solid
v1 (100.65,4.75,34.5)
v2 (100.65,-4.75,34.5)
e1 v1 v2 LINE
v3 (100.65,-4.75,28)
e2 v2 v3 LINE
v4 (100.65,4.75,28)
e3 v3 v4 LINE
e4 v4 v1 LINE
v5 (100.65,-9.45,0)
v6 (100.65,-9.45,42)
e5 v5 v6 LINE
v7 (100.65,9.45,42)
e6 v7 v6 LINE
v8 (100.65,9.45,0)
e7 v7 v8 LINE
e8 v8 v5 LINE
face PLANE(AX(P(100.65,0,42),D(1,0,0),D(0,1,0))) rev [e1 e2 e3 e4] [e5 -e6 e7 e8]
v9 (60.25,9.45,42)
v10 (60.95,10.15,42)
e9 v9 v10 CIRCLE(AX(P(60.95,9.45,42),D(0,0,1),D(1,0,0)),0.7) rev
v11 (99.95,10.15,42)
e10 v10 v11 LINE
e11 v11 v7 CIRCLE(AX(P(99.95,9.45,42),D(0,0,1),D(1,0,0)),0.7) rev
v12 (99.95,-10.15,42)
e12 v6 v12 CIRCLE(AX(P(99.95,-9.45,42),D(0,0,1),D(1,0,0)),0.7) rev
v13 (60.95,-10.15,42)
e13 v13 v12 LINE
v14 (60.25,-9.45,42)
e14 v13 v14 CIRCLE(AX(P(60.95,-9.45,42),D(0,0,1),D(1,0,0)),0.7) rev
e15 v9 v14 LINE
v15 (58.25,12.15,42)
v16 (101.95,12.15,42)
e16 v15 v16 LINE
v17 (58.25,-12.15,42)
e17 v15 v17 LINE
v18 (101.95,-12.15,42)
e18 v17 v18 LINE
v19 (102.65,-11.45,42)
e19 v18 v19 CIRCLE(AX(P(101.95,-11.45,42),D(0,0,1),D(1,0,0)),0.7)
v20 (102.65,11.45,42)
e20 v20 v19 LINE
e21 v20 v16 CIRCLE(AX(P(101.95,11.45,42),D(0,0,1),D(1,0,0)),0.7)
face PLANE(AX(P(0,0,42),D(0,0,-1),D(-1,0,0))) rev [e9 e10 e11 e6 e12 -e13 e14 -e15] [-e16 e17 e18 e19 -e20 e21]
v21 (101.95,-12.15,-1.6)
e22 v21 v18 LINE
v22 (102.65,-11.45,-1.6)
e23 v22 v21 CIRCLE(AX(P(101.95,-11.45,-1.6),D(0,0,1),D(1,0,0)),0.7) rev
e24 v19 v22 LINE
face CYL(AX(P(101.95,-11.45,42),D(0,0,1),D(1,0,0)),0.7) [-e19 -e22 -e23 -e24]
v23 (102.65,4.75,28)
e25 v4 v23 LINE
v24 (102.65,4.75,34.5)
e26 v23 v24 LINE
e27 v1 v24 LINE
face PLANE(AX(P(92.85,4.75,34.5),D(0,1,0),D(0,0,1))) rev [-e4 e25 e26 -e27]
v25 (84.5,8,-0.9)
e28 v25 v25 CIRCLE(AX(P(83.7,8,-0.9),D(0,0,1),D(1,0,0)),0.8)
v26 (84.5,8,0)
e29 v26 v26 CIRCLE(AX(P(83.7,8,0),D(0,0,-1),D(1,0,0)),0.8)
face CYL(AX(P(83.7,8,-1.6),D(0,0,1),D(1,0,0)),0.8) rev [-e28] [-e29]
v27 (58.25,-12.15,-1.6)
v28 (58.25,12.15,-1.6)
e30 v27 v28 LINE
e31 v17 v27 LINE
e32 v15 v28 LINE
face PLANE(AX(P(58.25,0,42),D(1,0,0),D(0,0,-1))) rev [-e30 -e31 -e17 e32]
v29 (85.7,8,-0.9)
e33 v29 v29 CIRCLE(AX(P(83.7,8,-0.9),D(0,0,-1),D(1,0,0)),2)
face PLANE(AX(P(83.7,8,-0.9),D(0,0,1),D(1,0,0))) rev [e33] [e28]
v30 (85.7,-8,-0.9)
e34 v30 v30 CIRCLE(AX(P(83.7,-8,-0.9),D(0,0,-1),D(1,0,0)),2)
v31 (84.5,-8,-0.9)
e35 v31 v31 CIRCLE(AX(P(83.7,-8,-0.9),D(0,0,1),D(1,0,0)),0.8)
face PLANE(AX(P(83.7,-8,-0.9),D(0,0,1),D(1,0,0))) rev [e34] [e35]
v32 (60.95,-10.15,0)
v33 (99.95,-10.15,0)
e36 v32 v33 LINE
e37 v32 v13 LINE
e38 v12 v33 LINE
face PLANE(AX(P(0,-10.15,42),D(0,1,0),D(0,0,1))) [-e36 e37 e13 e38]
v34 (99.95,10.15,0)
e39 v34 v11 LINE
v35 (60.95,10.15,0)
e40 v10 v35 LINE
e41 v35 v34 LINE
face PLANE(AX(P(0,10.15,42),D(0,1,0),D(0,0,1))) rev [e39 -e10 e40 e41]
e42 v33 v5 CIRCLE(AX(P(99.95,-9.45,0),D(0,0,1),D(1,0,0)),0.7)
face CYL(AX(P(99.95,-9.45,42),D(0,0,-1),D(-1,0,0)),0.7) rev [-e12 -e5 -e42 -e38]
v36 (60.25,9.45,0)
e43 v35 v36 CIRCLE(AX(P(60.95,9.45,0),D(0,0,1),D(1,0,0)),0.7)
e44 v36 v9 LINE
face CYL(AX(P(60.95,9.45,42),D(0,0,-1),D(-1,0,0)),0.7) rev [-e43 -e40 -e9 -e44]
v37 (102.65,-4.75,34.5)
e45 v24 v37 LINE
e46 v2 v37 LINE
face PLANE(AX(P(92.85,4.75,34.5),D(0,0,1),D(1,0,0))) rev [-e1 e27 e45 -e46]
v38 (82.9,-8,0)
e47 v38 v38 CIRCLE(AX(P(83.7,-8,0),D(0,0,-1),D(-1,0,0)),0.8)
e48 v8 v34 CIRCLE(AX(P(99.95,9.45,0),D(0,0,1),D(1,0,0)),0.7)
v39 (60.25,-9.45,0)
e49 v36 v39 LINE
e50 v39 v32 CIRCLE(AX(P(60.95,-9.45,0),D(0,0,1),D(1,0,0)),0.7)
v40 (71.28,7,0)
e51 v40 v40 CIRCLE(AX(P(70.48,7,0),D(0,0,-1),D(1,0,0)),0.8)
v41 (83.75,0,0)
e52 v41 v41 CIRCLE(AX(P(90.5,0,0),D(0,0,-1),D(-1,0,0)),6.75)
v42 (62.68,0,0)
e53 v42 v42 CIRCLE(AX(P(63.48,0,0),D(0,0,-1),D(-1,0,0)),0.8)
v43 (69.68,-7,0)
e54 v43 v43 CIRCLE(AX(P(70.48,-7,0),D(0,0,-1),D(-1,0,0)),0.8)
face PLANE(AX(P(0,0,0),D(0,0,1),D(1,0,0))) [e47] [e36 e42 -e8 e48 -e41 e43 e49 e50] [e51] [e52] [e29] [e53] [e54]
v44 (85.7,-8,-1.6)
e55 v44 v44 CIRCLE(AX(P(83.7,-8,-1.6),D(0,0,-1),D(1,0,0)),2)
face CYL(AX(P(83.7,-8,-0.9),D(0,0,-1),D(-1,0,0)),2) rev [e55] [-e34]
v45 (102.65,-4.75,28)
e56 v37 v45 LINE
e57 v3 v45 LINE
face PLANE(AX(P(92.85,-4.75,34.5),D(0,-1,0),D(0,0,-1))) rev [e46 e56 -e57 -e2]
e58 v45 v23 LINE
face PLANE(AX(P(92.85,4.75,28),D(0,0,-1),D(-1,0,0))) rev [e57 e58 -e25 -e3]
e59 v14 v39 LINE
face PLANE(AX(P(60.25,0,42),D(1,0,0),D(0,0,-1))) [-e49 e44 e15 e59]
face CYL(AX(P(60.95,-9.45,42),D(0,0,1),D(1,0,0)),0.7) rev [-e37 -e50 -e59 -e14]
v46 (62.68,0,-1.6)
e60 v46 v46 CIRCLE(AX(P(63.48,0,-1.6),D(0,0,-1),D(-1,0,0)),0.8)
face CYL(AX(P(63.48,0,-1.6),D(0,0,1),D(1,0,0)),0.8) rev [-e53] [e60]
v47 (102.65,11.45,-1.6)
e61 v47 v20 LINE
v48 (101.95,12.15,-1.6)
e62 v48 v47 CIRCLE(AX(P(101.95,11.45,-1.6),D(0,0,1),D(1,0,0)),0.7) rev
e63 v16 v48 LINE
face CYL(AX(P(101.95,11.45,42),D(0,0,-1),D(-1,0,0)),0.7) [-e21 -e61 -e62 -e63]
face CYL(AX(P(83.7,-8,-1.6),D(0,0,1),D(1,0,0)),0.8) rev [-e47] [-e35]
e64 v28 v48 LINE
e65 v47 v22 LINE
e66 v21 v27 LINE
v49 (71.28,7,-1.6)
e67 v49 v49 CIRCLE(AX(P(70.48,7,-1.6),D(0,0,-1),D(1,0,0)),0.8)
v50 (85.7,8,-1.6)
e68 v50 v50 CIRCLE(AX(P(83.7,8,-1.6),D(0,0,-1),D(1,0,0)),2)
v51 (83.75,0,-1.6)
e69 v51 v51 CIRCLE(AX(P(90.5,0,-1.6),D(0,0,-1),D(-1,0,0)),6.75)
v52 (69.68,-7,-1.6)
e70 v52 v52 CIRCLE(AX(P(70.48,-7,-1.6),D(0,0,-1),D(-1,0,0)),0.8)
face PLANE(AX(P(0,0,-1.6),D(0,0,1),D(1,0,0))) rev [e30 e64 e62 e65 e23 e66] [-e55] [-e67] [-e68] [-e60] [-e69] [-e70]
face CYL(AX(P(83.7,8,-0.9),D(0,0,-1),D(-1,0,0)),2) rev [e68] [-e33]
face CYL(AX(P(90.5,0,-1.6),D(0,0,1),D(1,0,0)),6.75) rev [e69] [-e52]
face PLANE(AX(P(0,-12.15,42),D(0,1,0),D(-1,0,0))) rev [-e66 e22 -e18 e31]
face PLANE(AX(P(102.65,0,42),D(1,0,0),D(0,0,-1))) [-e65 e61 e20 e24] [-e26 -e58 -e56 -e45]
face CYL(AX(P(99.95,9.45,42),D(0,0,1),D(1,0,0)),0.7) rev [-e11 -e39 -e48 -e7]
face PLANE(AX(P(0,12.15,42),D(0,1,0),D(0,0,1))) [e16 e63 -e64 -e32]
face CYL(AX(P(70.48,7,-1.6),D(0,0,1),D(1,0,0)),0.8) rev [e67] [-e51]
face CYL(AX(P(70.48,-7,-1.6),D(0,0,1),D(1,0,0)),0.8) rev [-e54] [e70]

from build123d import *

# Parameters (mm, degrees)
SKETCH_1_W          = 44.4
SKETCH_1_H          = 24.3
SKETCH_1_W_2        = 40.4
SKETCH_1_H_2        = 20.3
EXTRUDE_5_DEPTH     = 42
EXTRUDE_5_2_DEPTH   = 42
EXTRUDE_6_DEPTH     = 42
EXTRUDE_6_2_DEPTH   = 42
EXTRUDE_6_3_DEPTH   = 42
EXTRUDE_6_4_DEPTH   = 42
SKETCH_6_R          = 6.75
SKETCH_6_R_2        = 0.8
SKETCH_6_W          = 44.4
SKETCH_6_H          = 24.3
EXTRUDE_8_DEPTH     = 1.6
FILLET_1_R          = 0.7
FILLET_2_R          = 0.7
FILLET_3_R          = 0.7
FILLET_4_R          = 0.7
FILLET_5_R          = 0.7
FILLET_6_R          = 0.7
SKETCH_7_R          = 2
CUT_EXTRUDE_2_DEPTH = 0.7
SKETCH_8_W          = 6.5
SKETCH_8_H          = 9.5
CUT_EXTRUDE_3_DEPTH = 9.8
SKETCH_9_W          = 6.5
SKETCH_9_H          = 9.5
CUT_EXTRUDE_4_DEPTH = 9.8
SKETCH_10_W         = 6.5
SKETCH_10_H         = 9.5
CUT_EXTRUDE_5_DEPTH = 9.8
SKETCH_11_W         = 6.5
SKETCH_11_H         = 9.5
CUT_EXTRUDE_6_DEPTH = 9.8
SKETCH_12_W         = 6.5
SKETCH_12_H         = 9.5
CUT_EXTRUDE_7_DEPTH = 9.8
SKETCH_13_W         = 6.5
SKETCH_13_H         = 9.5
CUT_EXTRUDE_8_DEPTH = 9.8
FILLET_7_R          = 0.7
FILLET_8_R          = 0.7
FILLET_9_R          = 0.7
FILLET_10_R         = 0.7
FILLET_11_R         = 0.7
FILLET_12_R         = 0.7
EXTRUDE_9_DEPTH     = 3
EXTRUDE_11_DEPTH    = 3
EXTRUDE_12_DEPTH    = 3
EXTRUDE_START       = -3
EXTRUDE_13_DEPTH    = 3
CUT_EXTRUDE_9_DEPTH = 10


with BuildPart() as part:
    # 草图1 → 凸台-拉伸5 (new body)
    with BuildSketch(Plane.XY):
        with Locations((80.45, 0)):
            Rectangle(SKETCH_1_W, SKETCH_1_H)
        with Locations((80.45, 0)):
            Rectangle(SKETCH_1_W_2, SKETCH_1_H_2, mode=Mode.SUBTRACT)
    extrude(amount=EXTRUDE_5_DEPTH)



with BuildPart() as body_2:
    # 草图1 → Extrude 5 2 (new body)
    with BuildSketch(Plane.XY):
        with Locations((-80.45, 0)):
            Rectangle(SKETCH_1_W, SKETCH_1_H)
        with Locations((-80.45, 0)):
            Rectangle(SKETCH_1_W_2, SKETCH_1_H_2, mode=Mode.SUBTRACT)
    extrude(amount=EXTRUDE_5_2_DEPTH)


with BuildPart() as body_3:
    # 草图5 → 凸台-拉伸6 (new body)
    with BuildSketch(Plane.XY):
        Polygon((28.782128445, 85.964823228), (60.17766953, 117.360364312), (77.360364312, 100.17766953), (45.964823228, 68.782128445), align=None)
        Polygon((60.17766953, 114.531937188), (74.531937188, 100.17766953), (45.964823228, 71.61055557), (31.61055557, 85.964823228), align=None, mode=Mode.SUBTRACT)
    extrude(amount=EXTRUDE_6_DEPTH)


with BuildPart() as body_4:
    # 草图5 → Extrude 6 2 (new body)
    with BuildSketch(Plane.XY):
        Polygon((45.964823228, -68.782128445), (28.782128445, -85.964823228), (60.17766953, -117.360364312), (77.360364312, -100.17766953), align=None)
        Polygon((31.61055557, -85.964823228), (60.17766953, -114.531937188), (74.531937188, -100.17766953), (45.964823228, -71.61055557), align=None, mode=Mode.SUBTRACT)
    extrude(amount=EXTRUDE_6_2_DEPTH)


with BuildPart() as body_5:
    # 草图5 → Extrude 6 3 (new body)
    with BuildSketch(Plane.XY):
        Polygon((-28.782128445, -85.964823228), (-60.17766953, -117.360364312), (-77.360364312, -100.17766953), (-45.964823228, -68.782128445), align=None)
        Polygon((-60.17766953, -114.531937188), (-74.531937188, -100.17766953), (-45.964823228, -71.61055557), (-31.61055557, -85.964823228), align=None, mode=Mode.SUBTRACT)
    extrude(amount=EXTRUDE_6_3_DEPTH)


with BuildPart() as body_6:
    # 草图5 → Extrude 6 4 (new body)
    with BuildSketch(Plane.XY):
        Polygon((-45.964823228, 68.782128445), (-28.782128445, 85.964823228), (-60.17766953, 117.360364312), (-77.360364312, 100.17766953), align=None)
        Polygon((-31.61055557, 85.964823228), (-60.17766953, 114.531937188), (-74.531937188, 100.17766953), (-45.964823228, 71.61055557), align=None, mode=Mode.SUBTRACT)
    extrude(amount=EXTRUDE_6_4_DEPTH)


with BuildPart() as part_1:
    add(part.part)

    add(body_2.part)  # 凸台-拉伸8 merges body 2

    add(body_3.part)  # 凸台-拉伸8 merges body 3

    add(body_4.part)  # 凸台-拉伸8 merges body 4

    add(body_5.part)  # 凸台-拉伸8 merges body 5

    add(body_6.part)  # 凸台-拉伸8 merges body 6
    # 草图6 → 凸台-拉伸8 (add)
    # profile 1 of 6: a face of its own
    with BuildSketch(Plane(origin=(0, 0, 0), x_dir=(-1, 0, 0), z_dir=(0, 0, -1))):
        Polygon((-77.360364312, 100.17766953), (-60.17766953, 117.360364312), (-28.782128445, 85.964823228), (-45.964823228, 68.782128445), align=None)
        with Locations((-60.17766953, 100.17766953)):
            Circle(SKETCH_6_R, mode=Mode.SUBTRACT)
        with Locations((-61.026197667, 89.712489168)):
            Circle(SKETCH_6_R_2, mode=Mode.SUBTRACT)
        with Locations((-50.971139239, 81.071644302)):
            Circle(SKETCH_6_R_2, mode=Mode.SUBTRACT)
        with Locations((-41.071644302, 81.071644302)):
            Circle(SKETCH_6_R_2, mode=Mode.SUBTRACT)
        with Locations(Location((-41.071644302, 90.971139239, 0), (0, 0, 180))):
            Circle(SKETCH_6_R_2, mode=Mode.SUBTRACT)
        with Locations(Location((-49.712489168, 101.026197667, 0), (0, 0, 180))):
            Circle(SKETCH_6_R_2, mode=Mode.SUBTRACT)
    # profile 2 of 6: a face of its own
    with BuildSketch(Plane(origin=(0, 0, 0), x_dir=(-1, 0, 0), z_dir=(0, 0, -1))):
        with Locations((-80.45, 0)):
            Rectangle(SKETCH_6_W, SKETCH_6_H)
        with Locations((-70.48, -7)):
            Circle(SKETCH_6_R_2, mode=Mode.SUBTRACT)
        with Locations((-63.48, 0)):
            Circle(SKETCH_6_R_2, mode=Mode.SUBTRACT)
        with Locations((-90.5, 0)):
            Circle(SKETCH_6_R, mode=Mode.SUBTRACT)
        with Locations((-83.7, -8)):
            Circle(SKETCH_6_R_2, mode=Mode.SUBTRACT)
        with Locations(Location((-70.48, 7, 0), (0, 0, 180))):
            Circle(SKETCH_6_R_2, mode=Mode.SUBTRACT)
        with Locations(Location((-83.7, 8, 0), (0, 0, 180))):
            Circle(SKETCH_6_R_2, mode=Mode.SUBTRACT)
    # profile 3 of 6: a face of its own
    with BuildSketch(Plane(origin=(0, 0, 0), x_dir=(-1, 0, 0), z_dir=(0, 0, -1))):
        Polygon((-45.964823228, -68.782128445), (-77.360364312, -100.17766953), (-60.17766953, -117.360364312), (-28.782128445, -85.964823228), align=None)
        with Locations((-49.712489168, -101.026197667)):
            Circle(SKETCH_6_R_2, mode=Mode.SUBTRACT)
        with Locations((-41.071644302, -90.971139239)):
            Circle(SKETCH_6_R_2, mode=Mode.SUBTRACT)
        with Locations(Location((-41.071644302, -81.071644302, 0), (0, 0, 180))):
            Circle(SKETCH_6_R_2, mode=Mode.SUBTRACT)
        with Locations(Location((-50.971139239, -81.071644302, 0), (0, 0, 180))):
            Circle(SKETCH_6_R_2, mode=Mode.SUBTRACT)
        with Locations(Location((-61.026197667, -89.712489168, 0), (0, 0, 180))):
            Circle(SKETCH_6_R_2, mode=Mode.SUBTRACT)
        with Locations(Location((-60.17766953, -100.17766953, 0), (0, 0, 180))):
            Circle(SKETCH_6_R, mode=Mode.SUBTRACT)
    # profile 4 of 6: a face of its own
    with BuildSketch(Plane(origin=(0, 0, 0), x_dir=(-1, 0, 0), z_dir=(0, 0, -1))):
        Polygon((77.360364312, -100.17766953), (60.17766953, -117.360364312), (28.782128445, -85.964823228), (45.964823228, -68.782128445), align=None)
        with Locations((60.17766953, -100.17766953)):
            Circle(SKETCH_6_R, mode=Mode.SUBTRACT)
        with Locations((61.026197667, -89.712489168)):
            Circle(SKETCH_6_R_2, mode=Mode.SUBTRACT)
        with Locations((50.971139239, -81.071644302)):
            Circle(SKETCH_6_R_2, mode=Mode.SUBTRACT)
        with Locations((41.071644302, -81.071644302)):
            Circle(SKETCH_6_R_2, mode=Mode.SUBTRACT)
        with Locations(Location((41.071644302, -90.971139239, 0), (0, 0, 180))):
            Circle(SKETCH_6_R_2, mode=Mode.SUBTRACT)
        with Locations(Location((49.712489168, -101.026197667, 0), (0, 0, 180))):
            Circle(SKETCH_6_R_2, mode=Mode.SUBTRACT)
    # profile 5 of 6: a face of its own
    with BuildSketch(Plane(origin=(0, 0, 0), x_dir=(-1, 0, 0), z_dir=(0, 0, -1))):
        with Locations((80.45, 0)):
            Rectangle(SKETCH_6_W, SKETCH_6_H)
        with Locations((83.7, 8)):
            Circle(SKETCH_6_R_2, mode=Mode.SUBTRACT)
        with Locations((70.48, 7)):
            Circle(SKETCH_6_R_2, mode=Mode.SUBTRACT)
        with Locations(Location((83.7, -8, 0), (0, 0, 180))):
            Circle(SKETCH_6_R_2, mode=Mode.SUBTRACT)
        with Locations(Location((90.5, 0, 0), (0, 0, 180))):
            Circle(SKETCH_6_R, mode=Mode.SUBTRACT)
        with Locations(Location((63.48, 0, 0), (0, 0, 180))):
            Circle(SKETCH_6_R_2, mode=Mode.SUBTRACT)
        with Locations(Location((70.48, -7, 0), (0, 0, 180))):
            Circle(SKETCH_6_R_2, mode=Mode.SUBTRACT)
    # profile 6 of 6: a face of its own
    with BuildSketch(Plane(origin=(0, 0, 0), x_dir=(-1, 0, 0), z_dir=(0, 0, -1))):
        Polygon((45.964823228, 68.782128445), (77.360364312, 100.17766953), (60.17766953, 117.360364312), (28.782128445, 85.964823228), align=None)
        with Locations((49.712489168, 101.026197667)):
            Circle(SKETCH_6_R_2, mode=Mode.SUBTRACT)
        with Locations((41.071644302, 90.971139239)):
            Circle(SKETCH_6_R_2, mode=Mode.SUBTRACT)
        with Locations(Location((41.071644302, 81.071644302, 0), (0, 0, 180))):
            Circle(SKETCH_6_R_2, mode=Mode.SUBTRACT)
        with Locations(Location((50.971139239, 81.071644302, 0), (0, 0, 180))):
            Circle(SKETCH_6_R_2, mode=Mode.SUBTRACT)
        with Locations(Location((61.026197667, 89.712489168, 0), (0, 0, 180))):
            Circle(SKETCH_6_R_2, mode=Mode.SUBTRACT)
        with Locations(Location((60.17766953, 100.17766953, 0), (0, 0, 180))):
            Circle(SKETCH_6_R, mode=Mode.SUBTRACT)
    extrude(amount=EXTRUDE_8_DEPTH)

    # 圆角1
    fillet_1_edges = [part_1.edges().sort_by_distance(p)[0] for p in [
        (60.17766953, 114.531937188, 21),
        (31.61055557, 85.964823228, 21),
        (45.964823228, 71.61055557, 21),
        (74.531937188, 100.17766953, 21),
    ]]
    fillet(fillet_1_edges, radius=FILLET_1_R)

    # 圆角2
    fillet_2_edges = [part_1.edges().sort_by_distance(p)[0] for p in [
        (-60.17766953, 114.531937188, 21),
        (-74.531937188, 100.17766953, 21),
        (-45.964823228, 71.61055557, 21),
        (-31.61055557, 85.964823228, 21),
    ]]
    fillet(fillet_2_edges, radius=FILLET_2_R)

    # 圆角3
    fillet_3_edges = [part_1.edges().sort_by_distance(p)[0] for p in [
        (-100.65, 10.15, 21),
        (-100.65, -10.15, 21),
        (-60.25, -10.15, 21),
        (-60.25, 10.15, 21),
    ]]
    fillet(fillet_3_edges, radius=FILLET_3_R)

    # 圆角4
    fillet_4_edges = [part_1.edges().sort_by_distance(p)[0] for p in [
        (-60.17766953, -114.531937188, 21),
        (-31.61055557, -85.964823228, 21),
        (-45.964823228, -71.61055557, 21),
        (-74.531937188, -100.17766953, 21),
    ]]
    fillet(fillet_4_edges, radius=FILLET_4_R)

    # 圆角5
    fillet_5_edges = [part_1.edges().sort_by_distance(p)[0] for p in [
        (60.17766953, -114.531937188, 21),
        (74.531937188, -100.17766953, 21),
        (45.964823228, -71.61055557, 21),
        (31.61055557, -85.964823228, 21),
    ]]
    fillet(fillet_5_edges, radius=FILLET_5_R)

    # 圆角6
    fillet_6_edges = [part_1.edges().sort_by_distance(p)[0] for p in [
        (60.25, 10.15, 21),
        (60.25, -10.15, 21),
        (100.65, -10.15, 21),
        (100.65, 10.15, 21),
    ]]
    fillet(fillet_6_edges, radius=FILLET_6_R)

    # 草图7 → 切除-拉伸2 (cut)
    with BuildSketch(Plane(origin=(0, 0, -1.6), x_dir=(-1, 0, 0), z_dir=(0, 0, -1))):
        with Locations((83.7, 8)):
            Circle(SKETCH_7_R)
        with Locations((83.7, -8)):
            Circle(SKETCH_7_R)
        with Locations((61.026197667, -89.712489168)):
            Circle(SKETCH_7_R)
        with Locations((49.712489168, -101.026197667)):
            Circle(SKETCH_7_R)
        with Locations(Location((-49.712489168, -101.026197667, 0), (0, 0, 180))):
            Circle(SKETCH_7_R)
        with Locations(Location((-61.026197667, -89.712489168, 0), (0, 0, 180))):
            Circle(SKETCH_7_R)
        with Locations(Location((-83.7, -8, 0), (0, 0, 180))):
            Circle(SKETCH_7_R)
        with Locations(Location((-83.7, 8, 0), (0, 0, 180))):
            Circle(SKETCH_7_R)
        with Locations((-61.026197667, 89.712489168)):
            Circle(SKETCH_7_R)
        with Locations((-49.712489168, 101.026197667)):
            Circle(SKETCH_7_R)
        with Locations((49.712489168, 101.026197667)):
            Circle(SKETCH_7_R)
        with Locations((61.026197667, 89.712489168)):
            Circle(SKETCH_7_R)
    extrude(amount=-CUT_EXTRUDE_2_DEPTH, mode=Mode.SUBTRACT)

    # 草图8 → 切除-拉伸3 (cut)
    with BuildSketch(Plane(origin=(-88.769016921, -88.769016921, 0), x_dir=(0, 0, 1), z_dir=(-0.7071067811865477, -0.7071067811865475, 0))):
        with Locations((31.25, -28.284271247)):
            Rectangle(SKETCH_8_W, SKETCH_8_H)
    extrude(amount=-CUT_EXTRUDE_3_DEPTH, mode=Mode.SUBTRACT)

    # 草图9 → 切除-拉伸4 (cut)
    with BuildSketch(Plane.ZY.offset(102.65)):
        with Locations((31.25, 0)):
            Rectangle(SKETCH_9_W, SKETCH_9_H)
    extrude(amount=-CUT_EXTRUDE_4_DEPTH, mode=Mode.SUBTRACT)

    # 草图10 → 切除-拉伸5 (cut)
    with BuildSketch(Plane(origin=(-88.769016921, 88.769016921, 0), x_dir=(0, 0, 1), z_dir=(-0.7071067811865477, 0.7071067811865475, 0))):
        with Locations((31.25, 28.305878323)):
            Rectangle(SKETCH_10_W, SKETCH_10_H)
    extrude(amount=-CUT_EXTRUDE_5_DEPTH, mode=Mode.SUBTRACT)

    # 草图11 → 切除-拉伸6 (cut)
    with BuildSketch(Plane(origin=(88.769016921, 88.769016921, 0), x_dir=(0, 0, -1), z_dir=(0.7071067811865477, 0.7071067811865475, 0))):
        with Locations((-31.25, 28.284271247)):
            Rectangle(SKETCH_11_W, SKETCH_11_H)
    extrude(amount=-CUT_EXTRUDE_6_DEPTH, mode=Mode.SUBTRACT)

    # 草图12 → 切除-拉伸7 (cut)
    with BuildSketch(Plane(origin=(102.65, 0, 0), x_dir=(0, 0, -1), z_dir=(1, 0, 0))):
        with Locations((-31.25, 0)):
            Rectangle(SKETCH_12_W, SKETCH_12_H)
    extrude(amount=-CUT_EXTRUDE_7_DEPTH, mode=Mode.SUBTRACT)

    # 草图13 → 切除-拉伸8 (cut)
    with BuildSketch(Plane(origin=(88.769016921, -88.769016921, 0), x_dir=(0, 0, -1), z_dir=(0.7071067811865477, -0.7071067811865475, 0))):
        with Locations((-31.25, -28.284271247)):
            Rectangle(SKETCH_13_W, SKETCH_13_H)
    extrude(amount=-CUT_EXTRUDE_8_DEPTH, mode=Mode.SUBTRACT)

    # 圆角7
    fillet_7_edges = [part_1.edges().sort_by_distance(p)[0] for p in [
        (-77.360364312, 100.17766953, 20.2),
        (-60.17766953, 117.360364312, 20.2),
    ]]
    fillet(fillet_7_edges, radius=FILLET_7_R)

    # 圆角8
    fillet_8_edges = [part_1.edges().sort_by_distance(p)[0] for p in [
        (-102.65, -12.15, 20.2),
        (-102.65, 12.15, 20.2),
    ]]
    fillet(fillet_8_edges, radius=FILLET_8_R)

    # 圆角9
    fillet_9_edges = [part_1.edges().sort_by_distance(p)[0] for p in [
        (-60.17766953, -117.360364312, 20.2),
        (-77.360364312, -100.17766953, 20.2),
    ]]
    fillet(fillet_9_edges, radius=FILLET_9_R)

    # 圆角10
    fillet_10_edges = [part_1.edges().sort_by_distance(p)[0] for p in [
        (77.360364312, -100.17766953, 20.2),
        (60.17766953, -117.360364312, 20.2),
    ]]
    fillet(fillet_10_edges, radius=FILLET_10_R)

    # 圆角11
    fillet_11_edges = [part_1.edges().sort_by_distance(p)[0] for p in [
        (102.65, 12.15, 20.2),
        (102.65, -12.15, 20.2),
    ]]
    fillet(fillet_11_edges, radius=FILLET_11_R)

    # 圆角12
    fillet_12_edges = [part_1.edges().sort_by_distance(p)[0] for p in [
        (60.17766953, 117.360364312, 20.2),
        (77.360364312, 100.17766953, 20.2),
    ]]
    fillet(fillet_12_edges, radius=FILLET_12_R)

    # 草图14 → 凸台-拉伸9 (add)
    with BuildSketch(Plane.XY.offset(42)):
        Polygon((58.25, 12.15), (42.5, 24.862562051), (42.5, 65.317305217), (45.964823228, 68.782128445), (28.782128445, 85.964823228), (25.317305217, 82.5), (-25.317305217, 82.5), (-28.782128445, 85.964823228), (-45.964823228, 68.782128445), (-42.5, 65.317305217), (-42.5, 24.862562051), (-58.25, 12.15), (-58.25, -12.15), (-42.5, -24.862562051), (-42.5, -65.317305217), (-45.964823228, -68.782128445), (-28.782128445, -85.964823228), (-25.317305217, -82.5), (25.317305217, -82.5), (28.782128445, -85.964823228), (45.964823228, -68.782128445), (42.5, -65.317305217), (42.5, -24.862562051), (58.25, -12.15), align=None)
    extrude(amount=-EXTRUDE_9_DEPTH)

    # 草图19 → 凸台-拉伸11 (add)
    with BuildSketch(Plane(origin=(0, 0, 39), x_dir=(-1, 0, 0), z_dir=(0, 0, -1))):
        Polygon((-50.207463915, 73.024769132), (-50.207463915, 33.024769132), (-58.25, 26.533261892), (-58.25, 12.15), (-58.25, -12.15), (-58.25, -26.533261892), (-50.207463915, -33.024769132), (-50.207463915, -73.024769132), (-45.964823228, -68.782128445), (-28.782128445, -85.964823228), (28.782128445, -85.964823228), (45.964823228, -68.782128445), (50.207463915, -73.024769132), (50.207463915, -33.024769132), (58.25, -26.533261892), (58.25, -12.15), (58.25, 12.15), (58.25, 26.533261892), (50.207463915, 33.024769132), (50.207463915, 73.024769132), (45.964823228, 68.782128445), (28.782128445, 85.964823228), (-28.782128445, 85.964823228), (-45.964823228, 68.782128445), align=None)
    extrude(amount=-EXTRUDE_11_DEPTH)

    # 草图20 → 凸台-拉伸12 (add)
    with BuildSketch(Plane(origin=(0, 0, 39), x_dir=(-1, 0, 0), z_dir=(0, 0, -1))):
        Polygon((-28.782128445, 85.964823228), (-35.782128445, 92.964823228), (35.782128445, 92.964823228), (28.782128445, 85.964823228), align=None)
        Polygon((-28.782128445, -85.964823228), (-35.782128445, -92.964823228), (35.782128445, -92.964823228), (28.782128445, -85.964823228), align=None)
    extrude(amount=-EXTRUDE_12_DEPTH)

    # 草图21 → 凸台-拉伸13 (add)
    with BuildSketch(Plane.XY.offset(42).offset(EXTRUDE_START)):
        Polygon((-58.25, 26.533261892), (-63.25, 22.497527908), (-63.25, 12.15), (-58.25, 12.15), align=None)
        Polygon((-63.25, -22.497527908), (-63.25, -12.15), (-58.25, -12.15), (-58.25, -26.533261892), align=None)
        Polygon((58.25, -26.533261892), (63.25, -22.497527908), (63.25, -12.15), (58.25, -12.15), align=None)
        Polygon((58.25, 12.15), (58.25, 26.533261892), (63.25, 22.497527908), (63.25, 12.15), align=None)
    extrude(amount=EXTRUDE_13_DEPTH)

    # 草图23 → 切除-拉伸9 (cut)
    with BuildSketch(Plane(origin=(0, 0, 39), x_dir=(-1, 0, 0), z_dir=(0, 0, -1))):
        Polygon((-68.610786789, 12.15), (-58.25, 12.15), (-58.25, -12.15), (-68.610786789, -12.15), (-90.709783982, -134.477999487), (134.065150154, -134.477999487), (122.689900451, 131.247833581), (-101.95, 131.247833581), align=None)
    extrude(amount=-CUT_EXTRUDE_9_DEPTH, mode=Mode.SUBTRACT)


with BuildPart() as body_2_2:
    # of the pieces the cut leaves, the one that is kept (cut_extrude_9_keep)
    add(part_1.part.solids().sort_by_distance((58.25, 12.15, 42))[0])


solid = body_2_2.part
